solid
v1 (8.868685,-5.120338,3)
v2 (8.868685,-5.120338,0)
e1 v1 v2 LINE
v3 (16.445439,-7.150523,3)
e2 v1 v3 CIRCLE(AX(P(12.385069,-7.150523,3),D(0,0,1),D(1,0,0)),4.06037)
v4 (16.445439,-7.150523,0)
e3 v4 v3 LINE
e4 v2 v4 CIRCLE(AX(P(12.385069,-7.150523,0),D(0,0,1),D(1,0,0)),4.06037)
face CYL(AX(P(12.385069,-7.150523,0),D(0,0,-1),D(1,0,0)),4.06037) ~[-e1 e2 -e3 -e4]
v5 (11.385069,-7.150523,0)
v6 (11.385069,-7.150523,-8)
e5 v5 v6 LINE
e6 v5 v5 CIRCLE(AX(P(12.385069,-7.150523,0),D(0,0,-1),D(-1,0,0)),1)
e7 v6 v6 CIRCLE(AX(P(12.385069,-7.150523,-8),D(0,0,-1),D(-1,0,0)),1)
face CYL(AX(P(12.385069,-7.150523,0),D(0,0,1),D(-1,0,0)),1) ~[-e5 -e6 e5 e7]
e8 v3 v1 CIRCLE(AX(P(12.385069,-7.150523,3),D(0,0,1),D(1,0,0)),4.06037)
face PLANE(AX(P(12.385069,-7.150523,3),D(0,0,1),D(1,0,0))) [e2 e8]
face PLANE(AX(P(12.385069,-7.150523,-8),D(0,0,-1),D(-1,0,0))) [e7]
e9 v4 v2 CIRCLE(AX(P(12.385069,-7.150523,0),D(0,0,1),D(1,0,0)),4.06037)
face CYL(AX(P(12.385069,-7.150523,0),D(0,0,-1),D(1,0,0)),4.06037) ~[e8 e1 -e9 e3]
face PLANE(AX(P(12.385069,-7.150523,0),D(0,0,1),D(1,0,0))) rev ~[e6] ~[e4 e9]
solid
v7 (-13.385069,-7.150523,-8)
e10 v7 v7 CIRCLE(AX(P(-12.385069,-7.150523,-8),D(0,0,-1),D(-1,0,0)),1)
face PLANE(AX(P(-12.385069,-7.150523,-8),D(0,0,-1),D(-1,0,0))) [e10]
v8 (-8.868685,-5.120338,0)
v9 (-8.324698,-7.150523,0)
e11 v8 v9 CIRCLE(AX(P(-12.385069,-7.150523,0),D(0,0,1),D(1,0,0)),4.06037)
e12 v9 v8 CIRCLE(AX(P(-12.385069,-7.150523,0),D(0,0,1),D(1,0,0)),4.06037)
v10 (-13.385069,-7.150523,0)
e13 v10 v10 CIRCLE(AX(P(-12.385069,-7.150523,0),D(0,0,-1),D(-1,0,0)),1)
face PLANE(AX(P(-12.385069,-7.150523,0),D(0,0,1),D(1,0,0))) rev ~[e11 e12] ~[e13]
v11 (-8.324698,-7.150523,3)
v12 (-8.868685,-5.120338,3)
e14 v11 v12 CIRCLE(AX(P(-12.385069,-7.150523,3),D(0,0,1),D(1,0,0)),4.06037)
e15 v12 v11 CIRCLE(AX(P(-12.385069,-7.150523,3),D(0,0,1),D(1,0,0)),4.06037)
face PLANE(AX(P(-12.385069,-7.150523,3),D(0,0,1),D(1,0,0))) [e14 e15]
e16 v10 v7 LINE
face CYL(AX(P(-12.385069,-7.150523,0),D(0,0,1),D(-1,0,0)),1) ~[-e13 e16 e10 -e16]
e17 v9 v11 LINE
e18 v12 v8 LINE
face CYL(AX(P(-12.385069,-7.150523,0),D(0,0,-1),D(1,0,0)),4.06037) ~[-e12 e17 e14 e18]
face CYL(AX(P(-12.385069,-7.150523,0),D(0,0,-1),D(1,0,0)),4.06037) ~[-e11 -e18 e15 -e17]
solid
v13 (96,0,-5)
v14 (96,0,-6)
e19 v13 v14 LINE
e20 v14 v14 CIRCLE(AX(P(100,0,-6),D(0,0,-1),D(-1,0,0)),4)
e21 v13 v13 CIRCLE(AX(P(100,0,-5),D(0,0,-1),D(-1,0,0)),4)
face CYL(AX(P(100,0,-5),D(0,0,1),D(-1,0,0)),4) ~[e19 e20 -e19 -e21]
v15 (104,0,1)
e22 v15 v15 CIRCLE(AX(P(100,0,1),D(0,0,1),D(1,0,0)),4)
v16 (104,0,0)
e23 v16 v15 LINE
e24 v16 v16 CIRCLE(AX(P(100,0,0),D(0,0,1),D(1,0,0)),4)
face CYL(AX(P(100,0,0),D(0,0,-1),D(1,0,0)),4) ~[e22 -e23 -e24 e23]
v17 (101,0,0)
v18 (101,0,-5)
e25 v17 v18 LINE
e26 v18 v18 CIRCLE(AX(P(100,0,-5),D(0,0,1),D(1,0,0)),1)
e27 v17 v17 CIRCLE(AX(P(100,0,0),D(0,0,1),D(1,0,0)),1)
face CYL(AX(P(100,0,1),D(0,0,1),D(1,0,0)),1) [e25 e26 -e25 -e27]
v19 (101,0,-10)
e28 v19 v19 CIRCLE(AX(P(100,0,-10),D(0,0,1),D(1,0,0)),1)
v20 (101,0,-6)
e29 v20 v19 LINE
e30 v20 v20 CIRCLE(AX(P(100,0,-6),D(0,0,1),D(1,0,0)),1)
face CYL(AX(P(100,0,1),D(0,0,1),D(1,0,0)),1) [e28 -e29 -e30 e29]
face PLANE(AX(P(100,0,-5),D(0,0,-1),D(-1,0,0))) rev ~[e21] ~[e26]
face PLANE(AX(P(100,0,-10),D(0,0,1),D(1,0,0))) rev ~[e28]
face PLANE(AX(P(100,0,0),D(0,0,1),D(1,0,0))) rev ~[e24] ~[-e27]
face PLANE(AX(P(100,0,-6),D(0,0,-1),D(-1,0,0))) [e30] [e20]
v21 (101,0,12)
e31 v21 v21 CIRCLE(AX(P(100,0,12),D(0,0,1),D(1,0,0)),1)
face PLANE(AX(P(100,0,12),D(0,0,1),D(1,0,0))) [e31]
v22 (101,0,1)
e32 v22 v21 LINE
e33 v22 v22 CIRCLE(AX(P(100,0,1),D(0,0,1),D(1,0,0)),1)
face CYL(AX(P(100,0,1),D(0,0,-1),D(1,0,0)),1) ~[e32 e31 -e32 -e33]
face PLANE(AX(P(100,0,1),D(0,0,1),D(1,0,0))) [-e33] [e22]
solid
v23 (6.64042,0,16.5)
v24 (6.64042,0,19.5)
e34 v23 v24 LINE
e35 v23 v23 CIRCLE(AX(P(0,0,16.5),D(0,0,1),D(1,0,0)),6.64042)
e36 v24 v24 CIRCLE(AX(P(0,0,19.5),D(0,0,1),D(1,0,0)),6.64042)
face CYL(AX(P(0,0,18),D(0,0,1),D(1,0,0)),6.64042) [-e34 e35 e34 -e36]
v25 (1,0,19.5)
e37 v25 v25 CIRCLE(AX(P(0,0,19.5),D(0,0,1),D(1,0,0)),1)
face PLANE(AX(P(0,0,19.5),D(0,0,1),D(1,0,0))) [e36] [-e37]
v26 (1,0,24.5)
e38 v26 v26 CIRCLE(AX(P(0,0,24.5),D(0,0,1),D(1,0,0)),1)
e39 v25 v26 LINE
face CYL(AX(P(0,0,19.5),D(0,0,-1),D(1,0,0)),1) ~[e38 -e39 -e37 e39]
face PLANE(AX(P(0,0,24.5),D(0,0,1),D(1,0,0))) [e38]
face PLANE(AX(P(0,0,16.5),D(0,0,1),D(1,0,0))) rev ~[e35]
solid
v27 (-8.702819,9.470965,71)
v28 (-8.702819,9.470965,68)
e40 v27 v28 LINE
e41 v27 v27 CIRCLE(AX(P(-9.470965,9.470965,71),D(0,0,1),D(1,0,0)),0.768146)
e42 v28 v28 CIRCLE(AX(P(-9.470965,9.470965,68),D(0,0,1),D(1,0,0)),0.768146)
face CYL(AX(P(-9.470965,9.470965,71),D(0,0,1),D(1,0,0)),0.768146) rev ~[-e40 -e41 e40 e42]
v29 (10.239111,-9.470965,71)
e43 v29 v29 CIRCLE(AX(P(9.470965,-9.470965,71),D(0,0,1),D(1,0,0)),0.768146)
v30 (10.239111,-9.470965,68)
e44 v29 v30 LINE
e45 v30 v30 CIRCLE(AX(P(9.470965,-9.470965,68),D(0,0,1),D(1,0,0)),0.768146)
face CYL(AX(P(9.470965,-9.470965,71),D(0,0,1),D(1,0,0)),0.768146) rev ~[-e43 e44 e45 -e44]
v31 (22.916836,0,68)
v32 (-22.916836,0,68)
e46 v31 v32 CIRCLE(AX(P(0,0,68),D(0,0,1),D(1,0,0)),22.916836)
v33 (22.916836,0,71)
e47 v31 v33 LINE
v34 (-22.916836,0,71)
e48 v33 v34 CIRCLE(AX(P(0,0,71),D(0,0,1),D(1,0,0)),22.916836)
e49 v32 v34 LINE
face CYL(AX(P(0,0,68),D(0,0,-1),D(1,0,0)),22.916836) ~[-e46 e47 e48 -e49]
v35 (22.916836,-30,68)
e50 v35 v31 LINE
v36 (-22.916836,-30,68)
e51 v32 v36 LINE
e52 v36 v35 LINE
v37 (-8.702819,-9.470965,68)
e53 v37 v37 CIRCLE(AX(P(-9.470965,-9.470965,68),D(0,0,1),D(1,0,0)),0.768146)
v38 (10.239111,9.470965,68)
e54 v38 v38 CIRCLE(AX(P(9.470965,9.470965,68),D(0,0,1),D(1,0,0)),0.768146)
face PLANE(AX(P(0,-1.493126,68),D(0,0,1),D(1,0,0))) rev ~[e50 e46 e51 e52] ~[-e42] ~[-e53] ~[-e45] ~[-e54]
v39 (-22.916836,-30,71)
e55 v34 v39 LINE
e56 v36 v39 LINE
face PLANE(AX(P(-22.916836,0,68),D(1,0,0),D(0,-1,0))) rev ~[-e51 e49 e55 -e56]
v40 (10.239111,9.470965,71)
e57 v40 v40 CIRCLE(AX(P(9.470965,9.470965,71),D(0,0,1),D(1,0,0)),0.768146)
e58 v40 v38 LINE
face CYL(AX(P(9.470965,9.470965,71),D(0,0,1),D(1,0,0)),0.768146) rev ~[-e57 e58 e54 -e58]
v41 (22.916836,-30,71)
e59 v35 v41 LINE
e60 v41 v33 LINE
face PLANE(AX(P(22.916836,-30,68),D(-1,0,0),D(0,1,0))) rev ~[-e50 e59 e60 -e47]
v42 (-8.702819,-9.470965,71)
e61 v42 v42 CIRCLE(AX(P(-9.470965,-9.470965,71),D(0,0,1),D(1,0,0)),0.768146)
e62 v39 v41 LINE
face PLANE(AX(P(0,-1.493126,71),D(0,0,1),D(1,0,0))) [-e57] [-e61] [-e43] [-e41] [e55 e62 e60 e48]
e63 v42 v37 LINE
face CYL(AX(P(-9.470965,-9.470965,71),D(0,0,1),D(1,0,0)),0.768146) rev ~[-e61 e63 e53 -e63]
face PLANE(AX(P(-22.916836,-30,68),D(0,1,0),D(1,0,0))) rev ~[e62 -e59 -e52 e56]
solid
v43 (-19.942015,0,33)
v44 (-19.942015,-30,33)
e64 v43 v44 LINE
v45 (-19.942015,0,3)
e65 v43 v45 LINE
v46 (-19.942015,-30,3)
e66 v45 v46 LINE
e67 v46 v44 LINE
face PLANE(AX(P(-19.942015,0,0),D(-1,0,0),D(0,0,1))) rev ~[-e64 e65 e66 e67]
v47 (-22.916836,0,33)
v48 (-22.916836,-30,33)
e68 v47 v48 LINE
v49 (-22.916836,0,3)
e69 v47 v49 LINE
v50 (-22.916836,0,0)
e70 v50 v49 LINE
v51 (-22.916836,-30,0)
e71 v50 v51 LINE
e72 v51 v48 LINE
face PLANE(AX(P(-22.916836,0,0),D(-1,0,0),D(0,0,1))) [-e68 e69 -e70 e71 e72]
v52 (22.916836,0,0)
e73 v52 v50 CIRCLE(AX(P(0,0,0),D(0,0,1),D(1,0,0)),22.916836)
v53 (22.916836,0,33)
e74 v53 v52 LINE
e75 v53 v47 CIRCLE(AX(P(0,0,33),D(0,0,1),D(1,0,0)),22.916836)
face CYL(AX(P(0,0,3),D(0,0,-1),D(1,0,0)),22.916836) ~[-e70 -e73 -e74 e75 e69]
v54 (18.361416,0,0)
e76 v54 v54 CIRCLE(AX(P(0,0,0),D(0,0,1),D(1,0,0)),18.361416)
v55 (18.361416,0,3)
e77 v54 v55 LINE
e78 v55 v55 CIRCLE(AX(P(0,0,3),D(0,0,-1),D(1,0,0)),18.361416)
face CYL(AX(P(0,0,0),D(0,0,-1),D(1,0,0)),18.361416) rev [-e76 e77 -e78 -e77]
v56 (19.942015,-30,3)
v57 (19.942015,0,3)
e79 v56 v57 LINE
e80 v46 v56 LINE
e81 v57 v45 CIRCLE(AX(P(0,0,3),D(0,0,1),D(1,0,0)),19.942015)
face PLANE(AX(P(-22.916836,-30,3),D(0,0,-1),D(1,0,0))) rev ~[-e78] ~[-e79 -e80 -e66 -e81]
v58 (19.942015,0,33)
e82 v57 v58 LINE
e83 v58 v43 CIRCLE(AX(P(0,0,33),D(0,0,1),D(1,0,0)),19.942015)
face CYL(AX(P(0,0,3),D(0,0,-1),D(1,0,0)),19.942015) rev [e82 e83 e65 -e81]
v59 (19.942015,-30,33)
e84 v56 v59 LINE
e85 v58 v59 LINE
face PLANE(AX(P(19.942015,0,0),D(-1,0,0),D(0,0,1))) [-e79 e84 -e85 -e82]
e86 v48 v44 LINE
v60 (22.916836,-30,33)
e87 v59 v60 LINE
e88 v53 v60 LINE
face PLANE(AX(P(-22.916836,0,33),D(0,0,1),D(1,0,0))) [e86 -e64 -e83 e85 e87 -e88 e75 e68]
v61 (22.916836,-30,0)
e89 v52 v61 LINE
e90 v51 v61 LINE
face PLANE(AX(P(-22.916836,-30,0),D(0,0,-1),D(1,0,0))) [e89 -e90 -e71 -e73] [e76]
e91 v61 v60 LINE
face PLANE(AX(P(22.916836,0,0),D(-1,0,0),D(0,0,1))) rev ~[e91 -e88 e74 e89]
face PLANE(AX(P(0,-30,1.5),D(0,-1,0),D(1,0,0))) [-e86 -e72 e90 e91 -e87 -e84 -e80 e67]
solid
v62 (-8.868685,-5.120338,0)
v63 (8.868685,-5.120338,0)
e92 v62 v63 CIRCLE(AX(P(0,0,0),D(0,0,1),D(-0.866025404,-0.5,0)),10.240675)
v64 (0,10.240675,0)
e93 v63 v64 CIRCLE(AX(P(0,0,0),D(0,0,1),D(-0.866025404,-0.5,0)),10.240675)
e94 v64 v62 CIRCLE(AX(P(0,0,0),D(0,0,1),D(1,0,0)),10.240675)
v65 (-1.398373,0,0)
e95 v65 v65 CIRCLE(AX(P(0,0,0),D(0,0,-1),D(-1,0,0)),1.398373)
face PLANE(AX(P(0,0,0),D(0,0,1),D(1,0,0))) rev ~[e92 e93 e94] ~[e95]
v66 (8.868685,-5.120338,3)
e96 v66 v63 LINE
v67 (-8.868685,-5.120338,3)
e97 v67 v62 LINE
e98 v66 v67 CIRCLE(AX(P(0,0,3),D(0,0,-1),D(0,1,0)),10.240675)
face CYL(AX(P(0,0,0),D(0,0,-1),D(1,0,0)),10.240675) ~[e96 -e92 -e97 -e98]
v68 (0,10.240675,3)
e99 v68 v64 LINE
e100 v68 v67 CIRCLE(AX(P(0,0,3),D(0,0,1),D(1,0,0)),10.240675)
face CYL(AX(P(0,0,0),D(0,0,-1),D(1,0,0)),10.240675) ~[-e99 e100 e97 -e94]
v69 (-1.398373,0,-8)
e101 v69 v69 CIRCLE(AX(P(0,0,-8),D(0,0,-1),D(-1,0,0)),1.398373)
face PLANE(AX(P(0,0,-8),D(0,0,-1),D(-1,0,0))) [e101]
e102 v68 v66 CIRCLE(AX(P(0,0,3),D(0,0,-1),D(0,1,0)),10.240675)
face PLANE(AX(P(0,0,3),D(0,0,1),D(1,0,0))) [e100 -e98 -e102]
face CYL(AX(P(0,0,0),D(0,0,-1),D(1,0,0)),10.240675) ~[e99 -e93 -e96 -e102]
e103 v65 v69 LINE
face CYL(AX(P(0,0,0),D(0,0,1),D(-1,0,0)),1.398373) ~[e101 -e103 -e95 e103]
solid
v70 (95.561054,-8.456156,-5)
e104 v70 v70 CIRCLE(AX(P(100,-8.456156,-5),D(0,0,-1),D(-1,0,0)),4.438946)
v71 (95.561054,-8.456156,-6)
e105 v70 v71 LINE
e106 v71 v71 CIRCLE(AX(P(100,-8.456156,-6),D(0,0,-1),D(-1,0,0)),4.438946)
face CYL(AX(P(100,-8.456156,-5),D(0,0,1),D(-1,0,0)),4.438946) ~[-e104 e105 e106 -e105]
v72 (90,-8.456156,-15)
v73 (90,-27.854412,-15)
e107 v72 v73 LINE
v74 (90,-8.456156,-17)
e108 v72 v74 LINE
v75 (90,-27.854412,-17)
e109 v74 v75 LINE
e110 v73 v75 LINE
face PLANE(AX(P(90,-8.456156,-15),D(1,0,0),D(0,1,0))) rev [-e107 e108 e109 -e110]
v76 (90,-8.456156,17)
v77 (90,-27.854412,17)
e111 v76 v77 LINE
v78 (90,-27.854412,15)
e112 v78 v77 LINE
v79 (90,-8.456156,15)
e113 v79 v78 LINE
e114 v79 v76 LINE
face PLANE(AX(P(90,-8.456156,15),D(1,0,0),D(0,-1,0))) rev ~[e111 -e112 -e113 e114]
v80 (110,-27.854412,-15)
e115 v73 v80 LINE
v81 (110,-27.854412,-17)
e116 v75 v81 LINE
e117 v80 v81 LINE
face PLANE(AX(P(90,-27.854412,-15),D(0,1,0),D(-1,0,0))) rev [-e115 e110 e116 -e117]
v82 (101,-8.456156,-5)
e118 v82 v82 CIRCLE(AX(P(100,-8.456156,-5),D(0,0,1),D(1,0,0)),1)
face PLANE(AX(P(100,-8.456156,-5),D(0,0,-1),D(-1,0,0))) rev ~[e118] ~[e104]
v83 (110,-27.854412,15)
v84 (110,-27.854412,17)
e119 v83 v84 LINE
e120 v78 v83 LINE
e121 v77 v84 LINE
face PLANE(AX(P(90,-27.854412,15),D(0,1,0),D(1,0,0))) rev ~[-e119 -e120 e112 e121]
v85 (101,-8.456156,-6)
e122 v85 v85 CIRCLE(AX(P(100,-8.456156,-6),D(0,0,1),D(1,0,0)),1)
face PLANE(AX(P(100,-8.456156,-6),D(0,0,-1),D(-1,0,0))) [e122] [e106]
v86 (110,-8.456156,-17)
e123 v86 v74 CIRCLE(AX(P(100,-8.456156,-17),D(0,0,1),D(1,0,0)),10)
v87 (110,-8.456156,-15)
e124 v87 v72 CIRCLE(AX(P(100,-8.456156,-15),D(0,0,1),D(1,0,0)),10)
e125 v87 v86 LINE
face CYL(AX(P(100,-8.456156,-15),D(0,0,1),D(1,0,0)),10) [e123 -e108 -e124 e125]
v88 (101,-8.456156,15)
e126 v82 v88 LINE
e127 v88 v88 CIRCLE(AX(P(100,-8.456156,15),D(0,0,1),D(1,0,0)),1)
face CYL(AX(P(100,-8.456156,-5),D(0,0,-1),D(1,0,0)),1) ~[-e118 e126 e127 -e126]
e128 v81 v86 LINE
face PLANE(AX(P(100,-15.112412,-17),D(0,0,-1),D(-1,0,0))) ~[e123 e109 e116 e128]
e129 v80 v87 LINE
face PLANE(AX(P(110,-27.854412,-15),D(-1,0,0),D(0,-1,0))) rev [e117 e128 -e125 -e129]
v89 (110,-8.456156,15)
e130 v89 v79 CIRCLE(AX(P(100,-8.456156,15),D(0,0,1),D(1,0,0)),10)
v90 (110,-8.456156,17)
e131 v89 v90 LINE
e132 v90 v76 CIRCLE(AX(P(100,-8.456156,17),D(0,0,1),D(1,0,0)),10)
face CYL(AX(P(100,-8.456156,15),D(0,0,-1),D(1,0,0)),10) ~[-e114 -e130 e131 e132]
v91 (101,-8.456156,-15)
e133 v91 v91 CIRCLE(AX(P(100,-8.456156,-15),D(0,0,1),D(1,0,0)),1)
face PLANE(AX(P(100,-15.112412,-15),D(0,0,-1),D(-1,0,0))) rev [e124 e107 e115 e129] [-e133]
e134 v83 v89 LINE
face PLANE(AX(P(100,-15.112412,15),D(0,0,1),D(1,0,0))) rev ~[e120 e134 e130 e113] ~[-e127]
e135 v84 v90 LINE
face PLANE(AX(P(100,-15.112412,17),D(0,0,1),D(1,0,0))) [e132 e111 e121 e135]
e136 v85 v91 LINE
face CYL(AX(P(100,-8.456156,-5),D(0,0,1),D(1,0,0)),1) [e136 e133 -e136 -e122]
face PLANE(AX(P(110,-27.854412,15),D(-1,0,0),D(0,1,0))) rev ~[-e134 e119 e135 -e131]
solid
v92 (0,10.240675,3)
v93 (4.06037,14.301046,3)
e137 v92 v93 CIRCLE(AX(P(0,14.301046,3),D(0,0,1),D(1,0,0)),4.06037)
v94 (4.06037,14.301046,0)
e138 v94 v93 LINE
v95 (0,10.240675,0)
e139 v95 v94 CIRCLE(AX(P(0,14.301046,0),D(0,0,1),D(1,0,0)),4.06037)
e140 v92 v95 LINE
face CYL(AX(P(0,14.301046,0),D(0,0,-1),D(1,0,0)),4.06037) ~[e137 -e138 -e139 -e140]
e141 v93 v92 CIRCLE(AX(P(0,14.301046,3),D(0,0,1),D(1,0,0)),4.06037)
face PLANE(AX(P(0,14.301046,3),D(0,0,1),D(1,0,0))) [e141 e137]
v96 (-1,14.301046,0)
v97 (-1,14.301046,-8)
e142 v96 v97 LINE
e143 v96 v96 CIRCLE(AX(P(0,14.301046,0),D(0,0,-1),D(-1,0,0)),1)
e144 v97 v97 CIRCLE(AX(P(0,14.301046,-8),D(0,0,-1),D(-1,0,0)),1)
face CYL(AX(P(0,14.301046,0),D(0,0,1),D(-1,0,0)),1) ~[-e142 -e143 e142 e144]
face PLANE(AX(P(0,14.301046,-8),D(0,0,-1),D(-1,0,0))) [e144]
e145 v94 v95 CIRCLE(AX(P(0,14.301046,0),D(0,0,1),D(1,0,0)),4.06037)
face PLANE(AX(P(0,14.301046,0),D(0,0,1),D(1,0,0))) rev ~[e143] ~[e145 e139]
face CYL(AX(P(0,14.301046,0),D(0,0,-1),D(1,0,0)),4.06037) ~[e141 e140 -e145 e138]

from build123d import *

# Parameters (mm, degrees)
SKETCH1_R                 = 22.916835629
SKETCH1_R_2               = 18.361415927
BOSS_EXTRUDE1_DEPTH       = 3
SKETCH1_R_3               = 4.060370336
BOSS_EXTRUDE1_2_DEPTH     = 3
SKETCH1_R_4               = 10.240675255
BOSS_EXTRUDE1_3_DEPTH     = 3
BOSS_EXTRUDE1_4_DEPTH     = 3
BOSS_EXTRUDE1_5_DEPTH     = 3
SKETCH2_R                 = 1.398373037
SKETCH2_R_2               = 1
BOSS_EXTRUDE2_DEPTH       = 8
SKETCH3_R                 = 22.916835629
SKETCH3_R_2               = 19.942015488
BOSS_EXTRUDE4_DEPTH       = 30
CUT_EXTRUDE1_DEPTH        = 30
SKETCH5_W                 = 2.974820141
SKETCH5_H                 = 33
BOSS_EXTRUDE5_DEPTH       = 30
BOSS_EXTRUDE6_REACH       = 54.917
SKETCH6_W                 = 45.833671258
SKETCH6_H                 = 3
SKETCH7_R                 = 6.640420206
BOSS_EXTRUDE8_DEPTH       = 1.5
BOSS_EXTRUDE8_DEPTH_BACK  = 1.5
SKETCH9_R                 = 1
BOSS_EXTRUDE9_DEPTH       = 5
BOSS_EXTRUDE10_DEPTH      = 3
SKETCH11_R                = 0.768146355
CUT_EXTRUDE2_DEPTH        = 5
SKETCH12_R                = 4
BOSS_EXTRUDE11_DEPTH      = 1
SKETCH13_R                = 1
BOSS_EXTRUDE12_DEPTH      = 11
BOSS_EXTRUDE12_DEPTH_BACK = 11
SKETCH14_R                = 4
BOSS_EXTRUDE13_DEPTH      = 1
SKETCH15_R                = 4.43894644
BOSS_EXTRUDE14_DEPTH      = 1
SKETCH16_R                = 1
BOSS_EXTRUDE15_DEPTH      = 20
BOSS_EXTRUDE15_DEPTH_BACK = 10
BOSS_EXTRUDE17_DEPTH      = 2


with BuildPart() as part:
    # Sketch1 → Boss-Extrude1 (new body)
    with BuildSketch(Plane.XY):
        Circle(SKETCH1_R)
        Circle(SKETCH1_R_2, mode=Mode.SUBTRACT)
    extrude(amount=BOSS_EXTRUDE1_DEPTH)

    # Sketch3 → Boss-Extrude4 (add)
    with BuildSketch(Plane.XY.offset(3)):
        Circle(SKETCH3_R)
        Circle(SKETCH3_R_2, mode=Mode.SUBTRACT)
    extrude(amount=BOSS_EXTRUDE4_DEPTH)

    # Sketch4 → Cut-Extrude1 (cut)
    with BuildSketch(Plane.XY.offset(33)):
        with BuildLine():
            Line((0, 0), (22.916835629, 0))
            ThreePointArc((22.916835629, 0), (0, -22.916835629), (-22.916835629, 0))
            Line((-22.916835629, 0), (0, 0))
        make_face()
    extrude(amount=-CUT_EXTRUDE1_DEPTH, mode=Mode.SUBTRACT)

    # Sketch5 → Boss-Extrude5 (add)
    with BuildSketch(Plane.XZ):
        with Locations((-21.429425559, 16.5)):
            Rectangle(SKETCH5_W, SKETCH5_H)
        with Locations((21.429425559, 16.5)):
            Rectangle(SKETCH5_W, SKETCH5_H)
    extrude(amount=BOSS_EXTRUDE5_DEPTH)

    # Sketch6 → Boss-Extrude6 (add, up to next)
    with BuildSketch(Plane.XZ.offset(30), mode=Mode.PRIVATE) as boss_extrude6_sk1:
        with Locations((0, 1.5)):
            Rectangle(SKETCH6_W, SKETCH6_H)
    boss_extrude6_tool1 = extrude(boss_extrude6_sk1.sketch, amount=-BOSS_EXTRUDE6_REACH, mode=Mode.PRIVATE) - part.part
    add(boss_extrude6_tool1.solids().sort_by_distance((0, -30, 1.5))[0])


with BuildPart() as body_2:
    # Sketch1 → Boss-Extrude1 2 (new body)
    with BuildSketch(Plane.XY):
        with Locations((-12.385068782, -7.150522795)):
            Circle(SKETCH1_R_3)
    extrude(amount=BOSS_EXTRUDE1_2_DEPTH)



with BuildPart() as body_3:
    # Sketch1 → Boss-Extrude1 3 (new body)
    with BuildSketch(Plane.XY):
        Circle(SKETCH1_R_4)
    extrude(amount=BOSS_EXTRUDE1_3_DEPTH)


with BuildPart() as body_4:
    # Sketch1 → Boss-Extrude1 4 (new body)
    with BuildSketch(Plane.XY):
        with Locations((0, 14.301045591)):
            Circle(SKETCH1_R_3)
    extrude(amount=BOSS_EXTRUDE1_4_DEPTH)


with BuildPart() as body_5:
    # Sketch1 → Boss-Extrude1 5 (new body)
    with BuildSketch(Plane.XY):
        with Locations((12.385068782, -7.150522795)):
            Circle(SKETCH1_R_3)
    extrude(amount=BOSS_EXTRUDE1_5_DEPTH)


with BuildPart() as body_2_1:
    add(body_2.part)

    add(body_3.part)  # Boss-Extrude2 merges body 3

    add(body_4.part)  # Boss-Extrude2 merges body 4

    add(body_5.part)  # Boss-Extrude2 merges body 5
    # Sketch2 → Boss-Extrude2 (add)
    with BuildSketch(Plane(origin=(0, 0, 0), x_dir=(-1, 0, 0), z_dir=(0, 0, -1))):
        Circle(SKETCH2_R)
        with Locations((0, 14.301045591)):
            Circle(SKETCH2_R_2)
        with Locations((12.385068782, -7.150522795)):
            Circle(SKETCH2_R_2)
        with Locations((-12.385068782, -7.150522795)):
            Circle(SKETCH2_R_2)
    extrude(amount=BOSS_EXTRUDE2_DEPTH)


with BuildPart() as body_3_2:
    # Sketch7 → Boss-Extrude8 (new body, two sides)
    with BuildSketch(Plane.XY.offset(18)) as boss_extrude8_sk:
        Circle(SKETCH7_R)
    extrude(amount=BOSS_EXTRUDE8_DEPTH)
    extrude(boss_extrude8_sk.sketch, amount=-BOSS_EXTRUDE8_DEPTH_BACK)

    # Sketch9 → Boss-Extrude9 (add)
    with BuildSketch(Plane.XY.offset(19.5)):
        Circle(SKETCH9_R)
    extrude(amount=BOSS_EXTRUDE9_DEPTH)


with BuildPart() as body_4_2:
    # Sketch10 → Boss-Extrude10 (new body)
    with BuildSketch(Plane.XY.offset(68)):
        with BuildLine():
            Line((22.916835629, -30), (22.916835629, 0))
            ThreePointArc((22.916835629, 0), (0, 22.916835629), (-22.916835629, 0))
            Line((-22.916835629, 0), (-22.916835629, -30))
            Line((-22.916835629, -30), (-19.942015488, -30))
            Line((-19.942015488, -30), (-19.942015488, 0))
            ThreePointArc((-19.942015488, 0), (0, 19.942015488), (19.942015488, 0))
            Line((19.942015488, 0), (19.942015488, -30))
            Line((19.942015488, -30), (22.916835629, -30))
        make_face()
        with BuildLine():
            Line((19.942015488, 0), (19.942015488, -30))
            Line((19.942015488, -30), (-19.942015488, -30))
            Line((-19.942015488, -30), (-19.942015488, 0))
            ThreePointArc((-19.942015488, 0), (0, 19.942015488), (19.942015488, 0))
        make_face()
    extrude(amount=BOSS_EXTRUDE10_DEPTH)

    # Sketch11 → Cut-Extrude2 (cut)
    with BuildSketch(Plane.XY.offset(71)):
        with Locations((9.470964869, 9.470964869)):
            Circle(SKETCH11_R)
        with Locations((9.470964869, -9.470964869)):
            Circle(SKETCH11_R)
        with Locations((-9.470964869, -9.470964869)):
            Circle(SKETCH11_R)
        with Locations((-9.470964869, 9.470964869)):
            Circle(SKETCH11_R)
    extrude(amount=-CUT_EXTRUDE2_DEPTH, mode=Mode.SUBTRACT)


with BuildPart() as body_5_2:
    # Sketch12 → Boss-Extrude11 (new body)
    with BuildSketch(Plane.XY):
        with Locations((100, 0)):
            Circle(SKETCH12_R)
    extrude(amount=BOSS_EXTRUDE11_DEPTH)

    # Sketch13 → Boss-Extrude12 (add, two sides)
    with BuildSketch(Plane.XY.offset(1)) as boss_extrude12_sk:
        with Locations((100, 0)):
            Circle(SKETCH13_R)
    extrude(amount=BOSS_EXTRUDE12_DEPTH)
    extrude(boss_extrude12_sk.sketch, amount=-BOSS_EXTRUDE12_DEPTH_BACK)

    # Sketch14 → Boss-Extrude13 (add)
    with BuildSketch(Plane(origin=(0, 0, -5), x_dir=(-1, 0, 0), z_dir=(0, 0, -1))):
        with Locations((-100, 0)):
            Circle(SKETCH14_R)
    extrude(amount=BOSS_EXTRUDE13_DEPTH)


with BuildPart() as body_6:
    # Sketch15 → Boss-Extrude14 (new body)
    with BuildSketch(Plane(origin=(0, 0, -5), x_dir=(-1, 0, 0), z_dir=(0, 0, -1))):
        with Locations((-100, -8.456155951)):
            Circle(SKETCH15_R)
    extrude(amount=BOSS_EXTRUDE14_DEPTH)

    # Sketch16 → Boss-Extrude15 (add, two sides)
    with BuildSketch(Plane.XY.offset(-5)) as boss_extrude15_sk:
        with Locations((100, -8.456155951)):
            Circle(SKETCH16_R)
    extrude(amount=BOSS_EXTRUDE15_DEPTH)
    extrude(boss_extrude15_sk.sketch, amount=-BOSS_EXTRUDE15_DEPTH_BACK)

    # Sketch17 → Boss-Extrude17 (add)
    with BuildSketch(Plane.XY.offset(15)):
        with BuildLine():
            ThreePointArc((110, -8.456155951), (100, 1.543844049), (90, -8.456155951))
            Line((90, -8.456155951), (90, -27.854411682))
            Line((90, -27.854411682), (110, -27.854411682))
            Line((110, -27.854411682), (110, -8.456155951))
        make_face()
    boss_extrude17 = extrude(amount=BOSS_EXTRUDE17_DEPTH)

    # Mirror1: Boss-Extrude17 across plane
    add(boss_extrude17.mirror(Plane.XY))


solid = Compound([part.part, body_2_1.part, body_3_2.part, body_4_2.part, body_5_2.part, body_6.part])
